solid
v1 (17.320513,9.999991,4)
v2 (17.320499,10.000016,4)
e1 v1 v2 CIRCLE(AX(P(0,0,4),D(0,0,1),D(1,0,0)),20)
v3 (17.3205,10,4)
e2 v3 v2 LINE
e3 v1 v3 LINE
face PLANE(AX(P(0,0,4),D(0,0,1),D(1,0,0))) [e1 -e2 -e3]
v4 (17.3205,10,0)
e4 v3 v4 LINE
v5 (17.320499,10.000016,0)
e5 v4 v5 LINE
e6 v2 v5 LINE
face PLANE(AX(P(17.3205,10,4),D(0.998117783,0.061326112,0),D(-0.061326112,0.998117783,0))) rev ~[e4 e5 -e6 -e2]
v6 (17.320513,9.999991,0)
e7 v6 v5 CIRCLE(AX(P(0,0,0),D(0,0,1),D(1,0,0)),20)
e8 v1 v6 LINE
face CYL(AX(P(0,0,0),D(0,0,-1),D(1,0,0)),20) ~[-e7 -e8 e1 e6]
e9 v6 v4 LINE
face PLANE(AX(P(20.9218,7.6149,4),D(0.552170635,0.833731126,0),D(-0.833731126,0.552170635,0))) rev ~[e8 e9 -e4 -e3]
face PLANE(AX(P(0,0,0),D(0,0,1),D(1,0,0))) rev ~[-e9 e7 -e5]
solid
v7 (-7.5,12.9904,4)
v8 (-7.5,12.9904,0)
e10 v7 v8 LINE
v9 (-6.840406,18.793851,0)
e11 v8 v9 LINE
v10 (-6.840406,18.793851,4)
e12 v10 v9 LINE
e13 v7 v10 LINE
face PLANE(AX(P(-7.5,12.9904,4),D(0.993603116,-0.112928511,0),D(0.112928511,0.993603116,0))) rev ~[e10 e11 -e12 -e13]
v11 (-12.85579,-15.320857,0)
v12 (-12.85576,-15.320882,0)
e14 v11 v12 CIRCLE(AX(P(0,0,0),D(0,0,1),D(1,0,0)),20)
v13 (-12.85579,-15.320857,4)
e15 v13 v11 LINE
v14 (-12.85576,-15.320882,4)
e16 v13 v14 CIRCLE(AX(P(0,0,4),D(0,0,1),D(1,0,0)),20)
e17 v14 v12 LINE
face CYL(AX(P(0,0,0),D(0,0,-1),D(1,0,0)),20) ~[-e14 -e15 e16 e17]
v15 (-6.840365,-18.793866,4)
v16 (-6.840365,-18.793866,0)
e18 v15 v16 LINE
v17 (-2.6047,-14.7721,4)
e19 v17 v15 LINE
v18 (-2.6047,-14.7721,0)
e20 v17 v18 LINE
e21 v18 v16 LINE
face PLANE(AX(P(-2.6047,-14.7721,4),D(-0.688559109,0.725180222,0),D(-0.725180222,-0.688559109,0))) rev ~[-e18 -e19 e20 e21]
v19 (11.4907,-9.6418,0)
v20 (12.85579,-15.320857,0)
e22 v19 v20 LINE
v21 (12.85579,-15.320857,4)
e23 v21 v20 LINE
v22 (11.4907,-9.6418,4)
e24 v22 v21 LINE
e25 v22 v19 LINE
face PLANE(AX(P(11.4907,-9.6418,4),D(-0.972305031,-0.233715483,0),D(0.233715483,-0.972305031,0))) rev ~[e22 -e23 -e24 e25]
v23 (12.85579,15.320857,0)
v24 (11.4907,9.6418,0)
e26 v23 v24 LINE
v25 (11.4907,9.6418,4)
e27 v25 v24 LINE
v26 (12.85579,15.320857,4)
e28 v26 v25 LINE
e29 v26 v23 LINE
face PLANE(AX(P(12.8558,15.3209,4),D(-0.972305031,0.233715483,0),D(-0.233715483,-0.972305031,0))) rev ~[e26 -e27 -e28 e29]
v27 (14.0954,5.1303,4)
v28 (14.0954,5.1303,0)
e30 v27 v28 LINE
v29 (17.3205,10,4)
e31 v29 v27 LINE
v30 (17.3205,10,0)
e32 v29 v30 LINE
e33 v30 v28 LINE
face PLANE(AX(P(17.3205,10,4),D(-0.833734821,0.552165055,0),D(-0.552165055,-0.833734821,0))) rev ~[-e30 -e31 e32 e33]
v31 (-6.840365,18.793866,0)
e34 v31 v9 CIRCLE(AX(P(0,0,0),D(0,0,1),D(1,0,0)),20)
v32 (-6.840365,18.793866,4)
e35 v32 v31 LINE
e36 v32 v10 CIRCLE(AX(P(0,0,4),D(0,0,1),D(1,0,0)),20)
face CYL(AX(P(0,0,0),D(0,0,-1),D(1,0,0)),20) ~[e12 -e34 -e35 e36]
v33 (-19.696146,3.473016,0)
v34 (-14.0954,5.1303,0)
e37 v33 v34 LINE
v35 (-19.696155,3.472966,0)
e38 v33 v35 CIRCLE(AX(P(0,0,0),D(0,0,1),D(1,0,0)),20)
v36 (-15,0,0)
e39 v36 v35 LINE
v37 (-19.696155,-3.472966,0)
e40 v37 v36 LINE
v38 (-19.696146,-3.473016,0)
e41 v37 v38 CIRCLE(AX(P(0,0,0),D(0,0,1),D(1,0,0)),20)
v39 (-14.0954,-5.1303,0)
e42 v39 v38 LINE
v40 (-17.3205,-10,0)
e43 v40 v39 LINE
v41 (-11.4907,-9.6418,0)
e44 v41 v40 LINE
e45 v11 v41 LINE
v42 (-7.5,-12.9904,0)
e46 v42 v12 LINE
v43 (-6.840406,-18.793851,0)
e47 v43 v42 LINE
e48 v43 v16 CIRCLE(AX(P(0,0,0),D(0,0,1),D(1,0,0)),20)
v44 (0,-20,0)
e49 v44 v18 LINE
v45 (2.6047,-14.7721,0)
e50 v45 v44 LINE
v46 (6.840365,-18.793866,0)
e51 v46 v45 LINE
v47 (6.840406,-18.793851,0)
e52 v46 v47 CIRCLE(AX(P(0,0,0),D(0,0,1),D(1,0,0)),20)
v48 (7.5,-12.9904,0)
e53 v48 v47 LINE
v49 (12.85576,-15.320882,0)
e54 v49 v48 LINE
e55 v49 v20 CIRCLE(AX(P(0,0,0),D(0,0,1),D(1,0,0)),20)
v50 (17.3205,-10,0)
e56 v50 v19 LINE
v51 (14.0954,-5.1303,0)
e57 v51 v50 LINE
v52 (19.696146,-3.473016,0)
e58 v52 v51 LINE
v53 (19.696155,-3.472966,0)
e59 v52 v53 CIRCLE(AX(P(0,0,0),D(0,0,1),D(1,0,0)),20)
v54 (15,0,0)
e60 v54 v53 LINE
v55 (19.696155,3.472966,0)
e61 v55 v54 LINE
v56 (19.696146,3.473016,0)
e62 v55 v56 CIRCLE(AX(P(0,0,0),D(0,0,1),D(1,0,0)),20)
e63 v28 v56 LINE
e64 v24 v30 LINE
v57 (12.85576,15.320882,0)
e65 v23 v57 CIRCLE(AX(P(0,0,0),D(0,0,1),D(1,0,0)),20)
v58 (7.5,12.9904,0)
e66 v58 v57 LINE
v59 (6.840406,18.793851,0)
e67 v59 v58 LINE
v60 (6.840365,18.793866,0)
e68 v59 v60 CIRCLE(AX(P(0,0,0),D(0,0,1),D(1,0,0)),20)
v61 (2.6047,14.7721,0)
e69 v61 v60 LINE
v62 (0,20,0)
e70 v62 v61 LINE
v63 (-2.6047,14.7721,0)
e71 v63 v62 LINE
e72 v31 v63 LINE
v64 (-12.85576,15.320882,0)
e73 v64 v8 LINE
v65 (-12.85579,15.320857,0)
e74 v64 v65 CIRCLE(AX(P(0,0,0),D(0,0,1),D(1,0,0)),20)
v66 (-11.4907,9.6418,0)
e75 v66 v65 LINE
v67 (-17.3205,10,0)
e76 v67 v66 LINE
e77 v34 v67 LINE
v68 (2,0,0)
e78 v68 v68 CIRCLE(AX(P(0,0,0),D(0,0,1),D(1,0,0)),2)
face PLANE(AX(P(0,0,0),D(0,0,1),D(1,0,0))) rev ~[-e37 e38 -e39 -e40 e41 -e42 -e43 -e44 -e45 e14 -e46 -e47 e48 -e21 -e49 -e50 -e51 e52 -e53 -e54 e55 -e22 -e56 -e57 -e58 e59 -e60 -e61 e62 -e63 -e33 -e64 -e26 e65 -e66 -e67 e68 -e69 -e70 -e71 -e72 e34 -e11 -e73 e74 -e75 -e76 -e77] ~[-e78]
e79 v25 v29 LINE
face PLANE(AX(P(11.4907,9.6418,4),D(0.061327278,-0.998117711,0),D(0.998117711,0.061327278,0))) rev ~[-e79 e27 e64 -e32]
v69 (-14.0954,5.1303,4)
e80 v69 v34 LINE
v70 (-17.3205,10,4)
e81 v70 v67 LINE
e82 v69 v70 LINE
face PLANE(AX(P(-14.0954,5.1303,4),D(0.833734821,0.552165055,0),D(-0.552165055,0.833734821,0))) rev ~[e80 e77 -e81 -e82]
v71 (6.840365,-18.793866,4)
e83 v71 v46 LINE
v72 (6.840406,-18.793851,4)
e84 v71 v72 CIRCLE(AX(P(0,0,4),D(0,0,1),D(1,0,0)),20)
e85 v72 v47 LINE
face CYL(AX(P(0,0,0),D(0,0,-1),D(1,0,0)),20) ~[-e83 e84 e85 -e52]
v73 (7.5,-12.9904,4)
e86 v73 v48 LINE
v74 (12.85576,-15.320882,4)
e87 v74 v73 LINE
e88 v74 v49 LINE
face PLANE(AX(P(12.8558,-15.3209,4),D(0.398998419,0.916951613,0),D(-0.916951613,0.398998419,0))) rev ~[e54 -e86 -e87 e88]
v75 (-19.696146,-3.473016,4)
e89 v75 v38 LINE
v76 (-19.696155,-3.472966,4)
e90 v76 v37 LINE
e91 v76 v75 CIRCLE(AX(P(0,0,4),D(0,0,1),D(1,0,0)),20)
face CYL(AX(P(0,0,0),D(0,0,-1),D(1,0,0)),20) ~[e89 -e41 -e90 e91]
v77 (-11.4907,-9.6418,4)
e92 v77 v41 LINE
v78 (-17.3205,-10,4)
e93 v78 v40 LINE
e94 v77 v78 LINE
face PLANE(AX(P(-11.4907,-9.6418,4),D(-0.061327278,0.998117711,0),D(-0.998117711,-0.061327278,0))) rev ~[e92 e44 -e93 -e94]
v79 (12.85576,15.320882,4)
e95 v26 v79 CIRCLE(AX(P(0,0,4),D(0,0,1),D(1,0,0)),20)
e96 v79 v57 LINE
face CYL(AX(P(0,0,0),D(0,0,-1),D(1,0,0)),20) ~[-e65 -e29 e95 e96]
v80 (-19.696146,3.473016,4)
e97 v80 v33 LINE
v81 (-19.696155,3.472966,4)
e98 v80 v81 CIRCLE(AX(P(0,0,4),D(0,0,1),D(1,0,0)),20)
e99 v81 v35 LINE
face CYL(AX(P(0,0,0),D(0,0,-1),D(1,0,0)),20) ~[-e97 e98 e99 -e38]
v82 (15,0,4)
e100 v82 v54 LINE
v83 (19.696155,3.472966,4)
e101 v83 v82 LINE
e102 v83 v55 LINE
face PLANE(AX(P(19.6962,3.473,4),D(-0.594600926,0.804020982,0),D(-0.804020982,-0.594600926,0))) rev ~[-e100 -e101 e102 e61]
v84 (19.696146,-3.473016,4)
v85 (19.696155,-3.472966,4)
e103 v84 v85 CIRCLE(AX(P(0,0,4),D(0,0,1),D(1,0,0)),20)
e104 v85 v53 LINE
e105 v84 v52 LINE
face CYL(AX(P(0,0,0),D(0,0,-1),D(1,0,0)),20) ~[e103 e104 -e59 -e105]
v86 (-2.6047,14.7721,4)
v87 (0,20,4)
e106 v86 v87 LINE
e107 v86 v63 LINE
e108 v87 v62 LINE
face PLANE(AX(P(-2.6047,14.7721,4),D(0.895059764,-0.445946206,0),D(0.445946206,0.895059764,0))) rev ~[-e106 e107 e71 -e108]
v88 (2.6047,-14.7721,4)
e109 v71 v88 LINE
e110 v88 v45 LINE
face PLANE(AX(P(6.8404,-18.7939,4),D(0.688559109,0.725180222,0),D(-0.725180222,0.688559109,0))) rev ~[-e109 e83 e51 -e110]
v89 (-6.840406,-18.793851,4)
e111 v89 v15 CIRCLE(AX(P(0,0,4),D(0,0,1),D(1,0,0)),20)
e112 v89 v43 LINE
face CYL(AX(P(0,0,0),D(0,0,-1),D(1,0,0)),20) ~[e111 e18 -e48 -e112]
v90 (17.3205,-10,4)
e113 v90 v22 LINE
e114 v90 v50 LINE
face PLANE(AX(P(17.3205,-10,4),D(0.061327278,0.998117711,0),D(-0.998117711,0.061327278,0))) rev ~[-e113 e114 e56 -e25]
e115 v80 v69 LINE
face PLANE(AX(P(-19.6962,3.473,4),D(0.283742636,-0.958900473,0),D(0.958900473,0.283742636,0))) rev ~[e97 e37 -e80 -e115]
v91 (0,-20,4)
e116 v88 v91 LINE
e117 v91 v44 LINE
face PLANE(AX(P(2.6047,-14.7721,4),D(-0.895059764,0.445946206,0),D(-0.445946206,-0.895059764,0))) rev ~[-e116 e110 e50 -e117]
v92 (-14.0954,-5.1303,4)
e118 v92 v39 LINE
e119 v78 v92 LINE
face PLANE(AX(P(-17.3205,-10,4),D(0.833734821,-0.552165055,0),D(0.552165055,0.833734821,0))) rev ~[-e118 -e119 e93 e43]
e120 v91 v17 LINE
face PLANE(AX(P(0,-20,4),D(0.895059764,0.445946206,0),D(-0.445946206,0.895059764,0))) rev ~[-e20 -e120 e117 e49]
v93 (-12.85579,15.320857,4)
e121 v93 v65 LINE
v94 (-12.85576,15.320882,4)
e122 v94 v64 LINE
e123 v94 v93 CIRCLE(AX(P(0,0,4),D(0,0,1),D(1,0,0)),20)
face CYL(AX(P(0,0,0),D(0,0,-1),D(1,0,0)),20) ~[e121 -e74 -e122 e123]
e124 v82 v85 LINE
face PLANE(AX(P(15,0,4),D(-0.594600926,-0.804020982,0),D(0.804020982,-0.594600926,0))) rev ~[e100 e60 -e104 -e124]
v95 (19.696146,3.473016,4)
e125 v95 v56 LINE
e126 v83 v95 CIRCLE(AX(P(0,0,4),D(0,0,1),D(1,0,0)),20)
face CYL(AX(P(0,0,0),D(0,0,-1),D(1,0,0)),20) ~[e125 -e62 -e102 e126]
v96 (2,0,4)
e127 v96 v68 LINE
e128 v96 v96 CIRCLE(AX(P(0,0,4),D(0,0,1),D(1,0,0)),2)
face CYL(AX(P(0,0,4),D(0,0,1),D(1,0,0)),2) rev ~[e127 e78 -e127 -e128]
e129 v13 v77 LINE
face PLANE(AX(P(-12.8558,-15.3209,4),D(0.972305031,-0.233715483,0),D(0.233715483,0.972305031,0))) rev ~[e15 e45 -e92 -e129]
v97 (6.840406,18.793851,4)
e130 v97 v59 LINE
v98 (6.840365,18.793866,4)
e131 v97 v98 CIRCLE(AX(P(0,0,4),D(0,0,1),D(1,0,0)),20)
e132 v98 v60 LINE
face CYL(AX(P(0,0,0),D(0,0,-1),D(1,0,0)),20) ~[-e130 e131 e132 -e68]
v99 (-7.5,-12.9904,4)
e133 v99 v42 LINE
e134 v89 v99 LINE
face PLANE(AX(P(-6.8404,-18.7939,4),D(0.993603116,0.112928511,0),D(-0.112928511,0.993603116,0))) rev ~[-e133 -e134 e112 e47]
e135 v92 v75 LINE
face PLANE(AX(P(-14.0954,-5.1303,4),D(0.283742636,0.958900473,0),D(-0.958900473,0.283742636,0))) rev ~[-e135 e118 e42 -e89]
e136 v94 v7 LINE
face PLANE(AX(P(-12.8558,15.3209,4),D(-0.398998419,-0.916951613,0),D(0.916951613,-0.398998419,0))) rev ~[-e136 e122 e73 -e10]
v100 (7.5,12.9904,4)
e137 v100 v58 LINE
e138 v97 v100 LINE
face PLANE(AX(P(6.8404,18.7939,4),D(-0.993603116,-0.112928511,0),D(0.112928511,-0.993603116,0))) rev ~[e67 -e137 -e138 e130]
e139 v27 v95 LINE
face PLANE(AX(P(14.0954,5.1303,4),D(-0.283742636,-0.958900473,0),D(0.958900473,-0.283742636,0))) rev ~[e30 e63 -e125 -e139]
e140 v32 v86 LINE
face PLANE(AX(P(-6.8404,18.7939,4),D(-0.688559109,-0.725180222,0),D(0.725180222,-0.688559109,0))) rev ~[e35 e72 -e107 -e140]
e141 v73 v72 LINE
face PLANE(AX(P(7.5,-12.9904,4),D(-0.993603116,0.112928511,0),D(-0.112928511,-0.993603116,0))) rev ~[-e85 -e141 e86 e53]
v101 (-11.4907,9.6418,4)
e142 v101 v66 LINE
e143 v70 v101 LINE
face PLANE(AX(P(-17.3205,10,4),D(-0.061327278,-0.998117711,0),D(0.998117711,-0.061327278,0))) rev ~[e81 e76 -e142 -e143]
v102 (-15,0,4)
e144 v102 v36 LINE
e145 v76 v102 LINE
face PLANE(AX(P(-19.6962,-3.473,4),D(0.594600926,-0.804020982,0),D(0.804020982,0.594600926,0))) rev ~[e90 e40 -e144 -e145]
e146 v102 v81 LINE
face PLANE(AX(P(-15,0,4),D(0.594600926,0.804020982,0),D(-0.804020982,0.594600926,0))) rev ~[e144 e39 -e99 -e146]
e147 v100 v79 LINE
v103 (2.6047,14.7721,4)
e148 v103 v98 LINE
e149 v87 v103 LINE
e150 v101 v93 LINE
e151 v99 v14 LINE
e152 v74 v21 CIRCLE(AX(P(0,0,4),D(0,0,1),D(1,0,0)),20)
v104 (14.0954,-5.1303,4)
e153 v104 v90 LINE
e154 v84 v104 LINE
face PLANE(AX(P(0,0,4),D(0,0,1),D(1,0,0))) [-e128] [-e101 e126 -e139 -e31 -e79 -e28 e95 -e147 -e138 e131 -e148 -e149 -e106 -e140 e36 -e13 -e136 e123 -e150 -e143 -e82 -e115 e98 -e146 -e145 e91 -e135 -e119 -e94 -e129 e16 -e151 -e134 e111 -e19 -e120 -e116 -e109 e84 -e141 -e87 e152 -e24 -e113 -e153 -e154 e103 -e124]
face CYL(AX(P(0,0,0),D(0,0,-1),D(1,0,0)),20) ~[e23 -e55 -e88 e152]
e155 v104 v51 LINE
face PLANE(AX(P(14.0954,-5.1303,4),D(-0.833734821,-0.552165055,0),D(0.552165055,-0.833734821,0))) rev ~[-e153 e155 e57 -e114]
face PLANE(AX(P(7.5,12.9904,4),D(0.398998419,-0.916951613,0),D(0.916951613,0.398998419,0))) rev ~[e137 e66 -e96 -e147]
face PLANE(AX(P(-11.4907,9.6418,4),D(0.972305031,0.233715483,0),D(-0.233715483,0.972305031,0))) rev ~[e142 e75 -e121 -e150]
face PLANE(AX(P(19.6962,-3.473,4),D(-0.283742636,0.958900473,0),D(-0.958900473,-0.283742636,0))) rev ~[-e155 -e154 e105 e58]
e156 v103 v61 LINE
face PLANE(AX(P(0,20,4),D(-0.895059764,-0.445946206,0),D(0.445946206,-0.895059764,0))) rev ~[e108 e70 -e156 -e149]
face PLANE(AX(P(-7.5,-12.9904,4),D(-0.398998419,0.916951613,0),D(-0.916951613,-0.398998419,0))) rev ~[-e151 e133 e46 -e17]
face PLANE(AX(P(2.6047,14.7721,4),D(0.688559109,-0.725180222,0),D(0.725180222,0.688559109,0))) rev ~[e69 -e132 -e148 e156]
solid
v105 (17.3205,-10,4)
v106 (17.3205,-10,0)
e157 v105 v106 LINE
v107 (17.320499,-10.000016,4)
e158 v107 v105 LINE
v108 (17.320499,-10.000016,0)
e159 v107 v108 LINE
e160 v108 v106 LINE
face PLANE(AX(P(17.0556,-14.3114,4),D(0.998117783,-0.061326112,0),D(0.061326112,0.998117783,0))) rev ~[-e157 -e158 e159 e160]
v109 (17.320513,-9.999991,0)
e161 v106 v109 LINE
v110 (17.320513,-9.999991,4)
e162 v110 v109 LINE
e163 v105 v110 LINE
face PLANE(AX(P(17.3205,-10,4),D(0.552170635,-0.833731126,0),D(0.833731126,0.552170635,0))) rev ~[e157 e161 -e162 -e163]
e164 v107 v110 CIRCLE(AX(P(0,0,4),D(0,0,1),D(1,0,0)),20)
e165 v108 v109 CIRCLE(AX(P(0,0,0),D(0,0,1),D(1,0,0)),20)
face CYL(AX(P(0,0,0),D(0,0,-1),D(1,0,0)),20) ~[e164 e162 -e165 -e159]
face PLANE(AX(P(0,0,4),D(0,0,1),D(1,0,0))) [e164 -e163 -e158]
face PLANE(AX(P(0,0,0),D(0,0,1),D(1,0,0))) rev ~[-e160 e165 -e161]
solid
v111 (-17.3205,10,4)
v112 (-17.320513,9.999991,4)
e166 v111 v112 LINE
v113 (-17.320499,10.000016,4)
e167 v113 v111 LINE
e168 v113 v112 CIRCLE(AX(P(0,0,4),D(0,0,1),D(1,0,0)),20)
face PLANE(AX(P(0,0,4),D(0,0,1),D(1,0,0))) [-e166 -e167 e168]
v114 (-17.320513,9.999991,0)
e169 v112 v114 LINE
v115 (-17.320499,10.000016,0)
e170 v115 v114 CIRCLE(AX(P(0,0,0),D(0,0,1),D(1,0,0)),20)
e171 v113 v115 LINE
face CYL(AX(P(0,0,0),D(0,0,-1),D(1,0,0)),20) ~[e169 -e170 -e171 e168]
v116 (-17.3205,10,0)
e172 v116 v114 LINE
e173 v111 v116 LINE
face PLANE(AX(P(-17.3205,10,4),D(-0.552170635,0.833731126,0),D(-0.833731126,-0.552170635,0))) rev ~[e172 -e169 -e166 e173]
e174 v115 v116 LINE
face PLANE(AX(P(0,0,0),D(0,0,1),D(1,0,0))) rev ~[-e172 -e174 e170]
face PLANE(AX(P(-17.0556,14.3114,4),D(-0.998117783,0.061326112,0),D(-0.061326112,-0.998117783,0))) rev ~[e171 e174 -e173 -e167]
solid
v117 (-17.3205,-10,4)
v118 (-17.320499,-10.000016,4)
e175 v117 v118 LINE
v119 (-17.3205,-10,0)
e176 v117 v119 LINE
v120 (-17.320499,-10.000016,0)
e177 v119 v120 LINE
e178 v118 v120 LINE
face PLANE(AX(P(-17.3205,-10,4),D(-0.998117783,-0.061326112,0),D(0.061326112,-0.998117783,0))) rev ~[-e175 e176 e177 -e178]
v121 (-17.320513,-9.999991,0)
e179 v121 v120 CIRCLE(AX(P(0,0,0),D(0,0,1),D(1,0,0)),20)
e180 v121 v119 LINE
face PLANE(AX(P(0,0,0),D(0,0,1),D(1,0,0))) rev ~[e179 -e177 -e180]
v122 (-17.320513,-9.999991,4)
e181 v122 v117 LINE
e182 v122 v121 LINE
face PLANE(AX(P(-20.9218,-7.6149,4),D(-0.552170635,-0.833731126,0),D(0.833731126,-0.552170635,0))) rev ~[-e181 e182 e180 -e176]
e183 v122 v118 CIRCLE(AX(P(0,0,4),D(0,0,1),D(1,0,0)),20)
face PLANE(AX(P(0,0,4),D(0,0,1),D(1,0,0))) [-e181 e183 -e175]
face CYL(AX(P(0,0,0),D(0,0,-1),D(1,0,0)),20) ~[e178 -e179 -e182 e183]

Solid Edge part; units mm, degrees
sketch "Sketch1" plane through (0, 0, 0) normal (0, 0, 1) x (1, 0, 0)
  circle A0 centre (0, 0) radius 20
extrude "Protrusion1" add sketch "Sketch1" along normal blind 4
sketch "Sketch2" plane through (0, 0, 4) normal (0, 0, 1) x (1, 0, 0)
  circle A0 centre (0, 0) radius 2
extrude "ExtrudedCutout_1" cut sketch "Sketch2" against normal blind 4
sketch "Sketch3" plane through (0, 0, 4) normal (0, 0, 1) x (0, 1, 0)
  line L0 (3.473, 19.6962) -> (5.1303, 14.0954)
  line L1 (5.1303, 14.0954) -> (10, 17.3205)
  line L2 (10, 17.3205) -> (7.6149, 20.9218)
  line L3 (7.6149, 20.9218) -> (3.473, 19.6962)
  line L4 (10, 17.3205) -> (9.6418, 11.4907)
  line L5 (9.6418, 11.4907) -> (15.3209, 12.8558)
  line L6 (15.3209, 12.8558) -> (14.3114, 17.0556)
  line L7 (14.3114, 17.0556) -> (10, 17.3205)
  line L8 (15.3209, 12.8558) -> (12.9904, 7.5)
  line L9 (12.9904, 7.5) -> (18.7939, 6.8404)
  line L10 (18.7939, 6.8404) -> (19.2816, 11.1323)
  line L11 (19.2816, 11.1323) -> (15.3209, 12.8558)
  line L12 (18.7939, 6.8404) -> (14.7721, 2.6047)
  line L13 (14.7721, 2.6047) -> (20, 0)
  line L14 (20, 0) -> (21.9263, 3.8662)
  line L15 (21.9263, 3.8662) -> (18.7939, 6.8404)
  line L16 (20, 0) -> (14.7721, -2.6047)
  line L17 (14.7721, -2.6047) -> (18.7939, -6.8404)
  line L18 (18.7939, -6.8404) -> (21.9263, -3.8662)
  line L19 (21.9263, -3.8662) -> (20, 0)
  line L20 (18.7939, -6.8404) -> (12.9904, -7.5)
  line L21 (12.9904, -7.5) -> (15.3209, -12.8558)
  line L22 (15.3209, -12.8558) -> (19.2816, -11.1323)
  line L23 (19.2816, -11.1323) -> (18.7939, -6.8404)
  line L24 (15.3209, -12.8558) -> (9.6418, -11.4907)
  line L25 (9.6418, -11.4907) -> (10, -17.3205)
  line L26 (10, -17.3205) -> (14.3114, -17.0556)
  line L27 (14.3114, -17.0556) -> (15.3209, -12.8558)
  line L28 (10, -17.3205) -> (5.1303, -14.0954)
  line L29 (5.1303, -14.0954) -> (3.473, -19.6962)
  line L30 (3.473, -19.6962) -> (7.6149, -20.9218)
  line L31 (7.6149, -20.9218) -> (10, -17.3205)
  line L32 (3.473, -19.6962) -> (0, -15)
  line L33 (0, -15) -> (-3.473, -19.6962)
  line L34 (-3.473, -19.6962) -> (0, -22.2645)
  line L35 (0, -22.2645) -> (3.473, -19.6962)
  line L36 (-3.473, -19.6962) -> (-5.1303, -14.0954)
  line L37 (-5.1303, -14.0954) -> (-10, -17.3205)
  line L38 (-10, -17.3205) -> (-7.6149, -20.9218)
  line L39 (-7.6149, -20.9218) -> (-3.473, -19.6962)
  line L40 (-10, -17.3205) -> (-9.6418, -11.4907)
  line L41 (-9.6418, -11.4907) -> (-15.3209, -12.8558)
  line L42 (-15.3209, -12.8558) -> (-14.3114, -17.0556)
  line L43 (-14.3114, -17.0556) -> (-10, -17.3205)
  line L44 (-15.3209, -12.8558) -> (-12.9904, -7.5)
  line L45 (-12.9904, -7.5) -> (-18.7939, -6.8404)
  line L46 (-18.7939, -6.8404) -> (-19.2816, -11.1323)
  line L47 (-19.2816, -11.1323) -> (-15.3209, -12.8558)
  line L48 (-18.7939, -6.8404) -> (-14.7721, -2.6047)
  line L49 (-14.7721, -2.6047) -> (-20, 0)
  line L50 (-20, 0) -> (-21.9263, -3.8662)
  line L51 (-21.9263, -3.8662) -> (-18.7939, -6.8404)
  line L52 (-20, 0) -> (-14.7721, 2.6047)
  line L53 (-14.7721, 2.6047) -> (-18.7939, 6.8404)
  line L54 (-18.7939, 6.8404) -> (-21.9263, 3.8662)
  line L55 (-21.9263, 3.8662) -> (-20, 0)
  line L56 (-18.7939, 6.8404) -> (-12.9904, 7.5)
  line L57 (-12.9904, 7.5) -> (-15.3209, 12.8558)
  line L58 (-15.3209, 12.8558) -> (-19.2816, 11.1323)
  line L59 (-19.2816, 11.1323) -> (-18.7939, 6.8404)
  line L60 (-10, 17.3205) -> (-5.1303, 14.0954)
  line L61 (-5.1303, 14.0954) -> (-3.473, 19.6962)
  line L62 (-3.473, 19.6962) -> (-7.6149, 20.9218)
  line L63 (-7.6149, 20.9218) -> (-10, 17.3205)
  line L64 (-15.3209, 12.8558) -> (-9.6418, 11.4907)
  line L65 (-9.6418, 11.4907) -> (-10, 17.3205)
  line L66 (-10, 17.3205) -> (-14.3114, 17.0556)
  line L67 (-14.3114, 17.0556) -> (-15.3209, 12.8558)
  line L68 (-3.473, 19.6962) -> (0, 15)
  line L69 (0, 15) -> (3.473, 19.6962)
  line L70 (3.473, 19.6962) -> (0, 22.2645)
  line L71 (0, 22.2645) -> (-3.473, 19.6962)
extrude "ExtrudedCutout_2" cut sketch "Sketch3" against normal blind 4
